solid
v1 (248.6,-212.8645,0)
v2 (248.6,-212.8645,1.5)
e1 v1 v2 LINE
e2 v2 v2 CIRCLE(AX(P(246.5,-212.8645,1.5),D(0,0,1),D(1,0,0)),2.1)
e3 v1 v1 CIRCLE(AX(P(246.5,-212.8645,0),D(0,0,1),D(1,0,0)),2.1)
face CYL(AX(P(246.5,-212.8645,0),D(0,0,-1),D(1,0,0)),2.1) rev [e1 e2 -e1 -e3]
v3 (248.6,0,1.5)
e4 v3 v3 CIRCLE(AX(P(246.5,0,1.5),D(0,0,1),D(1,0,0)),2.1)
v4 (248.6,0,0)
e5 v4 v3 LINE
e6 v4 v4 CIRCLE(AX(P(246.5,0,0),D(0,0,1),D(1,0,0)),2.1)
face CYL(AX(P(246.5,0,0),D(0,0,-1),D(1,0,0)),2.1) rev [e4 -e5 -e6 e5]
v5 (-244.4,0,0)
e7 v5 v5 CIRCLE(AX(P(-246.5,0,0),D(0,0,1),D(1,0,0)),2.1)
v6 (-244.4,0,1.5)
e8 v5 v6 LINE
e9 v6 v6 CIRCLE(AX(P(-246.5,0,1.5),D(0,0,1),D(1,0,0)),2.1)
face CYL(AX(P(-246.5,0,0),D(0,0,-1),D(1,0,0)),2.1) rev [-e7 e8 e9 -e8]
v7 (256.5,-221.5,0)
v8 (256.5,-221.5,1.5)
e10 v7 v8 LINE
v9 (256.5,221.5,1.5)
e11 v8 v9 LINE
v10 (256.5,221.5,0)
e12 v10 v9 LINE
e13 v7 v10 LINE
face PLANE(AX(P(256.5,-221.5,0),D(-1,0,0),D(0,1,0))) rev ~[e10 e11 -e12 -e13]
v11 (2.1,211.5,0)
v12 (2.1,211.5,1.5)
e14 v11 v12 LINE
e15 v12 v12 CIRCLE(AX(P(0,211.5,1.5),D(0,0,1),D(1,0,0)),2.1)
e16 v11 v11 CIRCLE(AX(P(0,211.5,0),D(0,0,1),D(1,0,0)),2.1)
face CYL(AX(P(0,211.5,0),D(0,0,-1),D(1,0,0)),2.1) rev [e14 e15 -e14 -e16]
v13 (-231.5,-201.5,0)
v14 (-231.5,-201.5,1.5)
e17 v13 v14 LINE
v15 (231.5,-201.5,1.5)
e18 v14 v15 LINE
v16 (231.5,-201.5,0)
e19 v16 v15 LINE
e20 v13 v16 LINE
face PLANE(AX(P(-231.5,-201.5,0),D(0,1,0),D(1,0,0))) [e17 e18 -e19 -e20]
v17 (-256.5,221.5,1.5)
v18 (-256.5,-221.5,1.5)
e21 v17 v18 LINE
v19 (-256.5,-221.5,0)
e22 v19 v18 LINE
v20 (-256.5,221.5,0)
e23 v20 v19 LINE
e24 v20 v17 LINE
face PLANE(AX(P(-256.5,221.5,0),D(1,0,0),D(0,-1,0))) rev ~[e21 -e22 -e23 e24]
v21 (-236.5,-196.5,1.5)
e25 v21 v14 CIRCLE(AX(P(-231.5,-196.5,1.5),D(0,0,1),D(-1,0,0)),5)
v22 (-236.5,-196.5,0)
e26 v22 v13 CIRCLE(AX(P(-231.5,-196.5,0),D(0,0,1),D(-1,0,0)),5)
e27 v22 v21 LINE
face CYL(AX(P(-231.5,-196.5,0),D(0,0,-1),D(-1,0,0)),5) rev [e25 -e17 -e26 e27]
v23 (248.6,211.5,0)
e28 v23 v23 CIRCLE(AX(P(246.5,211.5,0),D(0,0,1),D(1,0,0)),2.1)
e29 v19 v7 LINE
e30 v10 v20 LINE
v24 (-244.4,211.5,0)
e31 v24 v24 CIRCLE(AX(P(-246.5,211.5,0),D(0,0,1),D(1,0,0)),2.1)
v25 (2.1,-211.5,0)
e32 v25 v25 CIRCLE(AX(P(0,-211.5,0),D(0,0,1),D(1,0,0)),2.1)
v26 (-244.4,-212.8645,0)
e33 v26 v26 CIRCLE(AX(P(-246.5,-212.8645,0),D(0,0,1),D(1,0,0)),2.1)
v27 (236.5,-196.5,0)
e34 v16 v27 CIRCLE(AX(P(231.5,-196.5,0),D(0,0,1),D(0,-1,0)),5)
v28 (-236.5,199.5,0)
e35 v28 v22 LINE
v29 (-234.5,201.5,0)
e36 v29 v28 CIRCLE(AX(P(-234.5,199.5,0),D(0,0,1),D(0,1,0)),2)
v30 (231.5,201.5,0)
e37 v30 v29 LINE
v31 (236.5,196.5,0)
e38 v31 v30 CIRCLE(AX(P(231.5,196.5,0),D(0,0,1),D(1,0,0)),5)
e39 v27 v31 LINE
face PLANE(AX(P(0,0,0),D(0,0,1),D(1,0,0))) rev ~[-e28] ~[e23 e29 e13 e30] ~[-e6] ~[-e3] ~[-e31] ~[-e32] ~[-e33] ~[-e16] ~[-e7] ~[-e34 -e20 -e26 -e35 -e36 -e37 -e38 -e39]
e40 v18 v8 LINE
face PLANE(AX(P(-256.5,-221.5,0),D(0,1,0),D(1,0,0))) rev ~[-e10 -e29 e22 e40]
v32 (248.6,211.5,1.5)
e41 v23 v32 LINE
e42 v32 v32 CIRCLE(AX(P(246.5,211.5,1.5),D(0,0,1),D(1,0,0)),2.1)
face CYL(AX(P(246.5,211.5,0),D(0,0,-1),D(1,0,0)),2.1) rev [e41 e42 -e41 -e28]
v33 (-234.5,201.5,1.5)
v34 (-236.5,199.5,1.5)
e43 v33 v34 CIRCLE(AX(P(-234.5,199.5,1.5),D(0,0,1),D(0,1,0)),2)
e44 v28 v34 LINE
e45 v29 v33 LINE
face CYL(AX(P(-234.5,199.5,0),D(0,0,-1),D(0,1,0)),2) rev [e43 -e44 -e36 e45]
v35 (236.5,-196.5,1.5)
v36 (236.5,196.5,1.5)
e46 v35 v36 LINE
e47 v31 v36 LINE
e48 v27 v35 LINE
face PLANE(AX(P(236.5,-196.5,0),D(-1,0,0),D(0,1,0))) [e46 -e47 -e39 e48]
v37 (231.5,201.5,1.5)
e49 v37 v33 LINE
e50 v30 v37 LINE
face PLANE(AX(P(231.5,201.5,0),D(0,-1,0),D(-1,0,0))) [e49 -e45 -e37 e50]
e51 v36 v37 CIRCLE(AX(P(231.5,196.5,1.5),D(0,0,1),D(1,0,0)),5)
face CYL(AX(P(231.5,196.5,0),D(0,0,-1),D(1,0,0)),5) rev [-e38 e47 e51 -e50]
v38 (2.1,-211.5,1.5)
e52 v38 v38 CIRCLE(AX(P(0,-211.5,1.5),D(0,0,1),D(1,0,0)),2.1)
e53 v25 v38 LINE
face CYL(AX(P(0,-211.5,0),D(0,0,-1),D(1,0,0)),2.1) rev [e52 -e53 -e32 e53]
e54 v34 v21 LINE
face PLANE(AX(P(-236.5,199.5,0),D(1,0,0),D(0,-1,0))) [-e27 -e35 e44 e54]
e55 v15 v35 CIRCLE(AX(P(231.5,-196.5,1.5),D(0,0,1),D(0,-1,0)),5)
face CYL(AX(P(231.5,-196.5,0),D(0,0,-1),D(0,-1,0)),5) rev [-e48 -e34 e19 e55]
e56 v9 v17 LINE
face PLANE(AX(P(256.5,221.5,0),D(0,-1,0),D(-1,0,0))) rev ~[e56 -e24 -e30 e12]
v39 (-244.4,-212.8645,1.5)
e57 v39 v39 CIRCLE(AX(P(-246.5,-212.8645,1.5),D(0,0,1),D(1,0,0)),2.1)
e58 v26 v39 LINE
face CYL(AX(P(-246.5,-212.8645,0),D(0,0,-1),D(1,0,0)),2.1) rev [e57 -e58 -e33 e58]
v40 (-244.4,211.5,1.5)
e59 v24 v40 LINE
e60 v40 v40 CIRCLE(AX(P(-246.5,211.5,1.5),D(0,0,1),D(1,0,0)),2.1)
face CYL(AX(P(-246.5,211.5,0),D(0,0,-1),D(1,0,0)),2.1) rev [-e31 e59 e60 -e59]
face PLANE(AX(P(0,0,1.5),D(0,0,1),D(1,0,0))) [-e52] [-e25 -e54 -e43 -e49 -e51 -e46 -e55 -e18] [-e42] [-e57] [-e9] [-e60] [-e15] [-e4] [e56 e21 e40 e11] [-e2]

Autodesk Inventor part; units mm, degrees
ref_plane "YZ Plane" through (0, 0, 0) normal (1, 0, 0) x (0, 1, 0)
ref_plane "XZ Plane" through (0, 0, 0) normal (0, 1, 0) x (-1, 0, 0)
ref_plane "XY Plane" through (0, 0, 0) normal (0, 0, 1) x (1, 0, 0)
sketch "Sketch1" plane through (0, 0, 0) normal (0, 0, 1) x (1, 0, 0)
  line L0 (-256.5, -221.5) -> (256.5, -221.5)
  line L1 (256.5, -221.5) -> (256.5, 221.5)
  line L2 (256.5, 221.5) -> (-256.5, 221.5)
  line L3 (-256.5, 221.5) -> (-256.5, -221.5)
  line L4 (-256.5, -221.5) -> (256.5, 221.5) construction
  line L5 (256.5, -221.5) -> (-256.5, 221.5) construction
  line L6 (-256.5, 211.5) -> (256.5, 211.5) construction
  line L7 (-246.5, 221.5) -> (-246.5, -221.5) construction
  line L8 (246.5, 221.5) -> (246.5, -221.5) construction
  line L9 (-256.5, -111.5) -> (256.5, -111.5) construction
  line L10 (-256.5, 141.5) -> (256.5, 141.5) construction
  circle A0 centre (-246.5, 211.5) radius 2.1
  circle A1 centre (246.5, 211.5) radius 2.1
  line L11 (-146.5, 221.5) -> (-146.5, -221.5) construction
  line L12 (0, 0) -> (0, -221.5) construction
  line L13 (146.5, 221.5) -> (146.5, -221.5) construction
  line L14 (-246.5, 70) -> (246.5, 70) construction
  line L15 (-246.5, -70) -> (246.5, -70) construction
  line L16 (-246.5, 0) -> (246.5, 0) construction
  line L17 (-246.5, -166.5) -> (246.5, -166.5) construction
  line L18 (0, 221.5) -> (0, 0) construction
  circle A2 centre (0, 211.5) radius 2.1
  line L19 (231.5, 201.5) -> (-234.5, 201.5)
  line L20 (-236.5, 199.5) -> (-236.5, -196.5)
  line L21 (-231.5, -201.5) -> (231.5, -201.5)
  line L22 (236.5, -196.5) -> (236.5, 196.5)
  arc A3 (-234.5, 201.5) -> (-236.5, 199.5) centre (-234.5, 199.5) ccw
  arc A4 (236.5, 196.5) -> (231.5, 201.5) centre (231.5, 196.5) ccw
  arc A5 (231.5, -201.5) -> (236.5, -196.5) centre (231.5, -196.5) ccw
  arc A6 (-236.5, -196.5) -> (-231.5, -201.5) centre (-231.5, -196.5) ccw
  circle A7 centre (246.5, 0) radius 2.1
  circle A8 centre (246.5, -212.8645) radius 2.1
  circle A9 centre (-246.5, -212.8645) radius 2.1
  circle A10 centre (0, -211.5) radius 2.1
  circle A11 centre (-246.5, 0) radius 2.1
  dimension "d0" = 513
  dimension "d1" = 443
  dimension "d2" = 10
  dimension "d3" = 10
  dimension "d4" = 10
  dimension "d5" = 110
  dimension "d6" = 80
  dimension "d7" = 110
  dimension "d8" = 110
  dimension "d9" = 70
  dimension "d10" = 55
  dimension "d23" = 10
  dimension "d24" = 10
  dimension "d25" = 20
  dimension "d26" = 10
  dimension "d27" = 2
  dimension "d28" = 5
  dimension "d29" = 4.2
  dimension "d30" = 10
extrude "Plate6" add sketch "Sketch1" along normal blind 1.5
equation "\"BendRadius\" = Thickness"
equation "\"BendReliefWidth\" = Thickness"
equation "\"BendReliefDepth\" = 0.5 * Thickness"
equation "\"CornerReliefSize\" = 4 * Thickness"
equation "\"MinimumRemnant\" = 2 * Thickness"
equation "\"TransitionRadius\" = BendRadius"
equation "\"JacobiRadiusSize\" = BendRadius"
equation "\"GapSize\" = Thickness"
equation "\"d12\" = BendRadius"
equation "\"d13\" = BendRadius"
equation "\"d16\" = BendRadius"
equation "\"d19\" = BendRadius"
equation "\"d20\" = BendRadius"
equation "\"d31\" = BendRadius"
equation "\"Thickness\" = 1.5"
properties part number "Top Cladding" material "Aluminum 6061"
